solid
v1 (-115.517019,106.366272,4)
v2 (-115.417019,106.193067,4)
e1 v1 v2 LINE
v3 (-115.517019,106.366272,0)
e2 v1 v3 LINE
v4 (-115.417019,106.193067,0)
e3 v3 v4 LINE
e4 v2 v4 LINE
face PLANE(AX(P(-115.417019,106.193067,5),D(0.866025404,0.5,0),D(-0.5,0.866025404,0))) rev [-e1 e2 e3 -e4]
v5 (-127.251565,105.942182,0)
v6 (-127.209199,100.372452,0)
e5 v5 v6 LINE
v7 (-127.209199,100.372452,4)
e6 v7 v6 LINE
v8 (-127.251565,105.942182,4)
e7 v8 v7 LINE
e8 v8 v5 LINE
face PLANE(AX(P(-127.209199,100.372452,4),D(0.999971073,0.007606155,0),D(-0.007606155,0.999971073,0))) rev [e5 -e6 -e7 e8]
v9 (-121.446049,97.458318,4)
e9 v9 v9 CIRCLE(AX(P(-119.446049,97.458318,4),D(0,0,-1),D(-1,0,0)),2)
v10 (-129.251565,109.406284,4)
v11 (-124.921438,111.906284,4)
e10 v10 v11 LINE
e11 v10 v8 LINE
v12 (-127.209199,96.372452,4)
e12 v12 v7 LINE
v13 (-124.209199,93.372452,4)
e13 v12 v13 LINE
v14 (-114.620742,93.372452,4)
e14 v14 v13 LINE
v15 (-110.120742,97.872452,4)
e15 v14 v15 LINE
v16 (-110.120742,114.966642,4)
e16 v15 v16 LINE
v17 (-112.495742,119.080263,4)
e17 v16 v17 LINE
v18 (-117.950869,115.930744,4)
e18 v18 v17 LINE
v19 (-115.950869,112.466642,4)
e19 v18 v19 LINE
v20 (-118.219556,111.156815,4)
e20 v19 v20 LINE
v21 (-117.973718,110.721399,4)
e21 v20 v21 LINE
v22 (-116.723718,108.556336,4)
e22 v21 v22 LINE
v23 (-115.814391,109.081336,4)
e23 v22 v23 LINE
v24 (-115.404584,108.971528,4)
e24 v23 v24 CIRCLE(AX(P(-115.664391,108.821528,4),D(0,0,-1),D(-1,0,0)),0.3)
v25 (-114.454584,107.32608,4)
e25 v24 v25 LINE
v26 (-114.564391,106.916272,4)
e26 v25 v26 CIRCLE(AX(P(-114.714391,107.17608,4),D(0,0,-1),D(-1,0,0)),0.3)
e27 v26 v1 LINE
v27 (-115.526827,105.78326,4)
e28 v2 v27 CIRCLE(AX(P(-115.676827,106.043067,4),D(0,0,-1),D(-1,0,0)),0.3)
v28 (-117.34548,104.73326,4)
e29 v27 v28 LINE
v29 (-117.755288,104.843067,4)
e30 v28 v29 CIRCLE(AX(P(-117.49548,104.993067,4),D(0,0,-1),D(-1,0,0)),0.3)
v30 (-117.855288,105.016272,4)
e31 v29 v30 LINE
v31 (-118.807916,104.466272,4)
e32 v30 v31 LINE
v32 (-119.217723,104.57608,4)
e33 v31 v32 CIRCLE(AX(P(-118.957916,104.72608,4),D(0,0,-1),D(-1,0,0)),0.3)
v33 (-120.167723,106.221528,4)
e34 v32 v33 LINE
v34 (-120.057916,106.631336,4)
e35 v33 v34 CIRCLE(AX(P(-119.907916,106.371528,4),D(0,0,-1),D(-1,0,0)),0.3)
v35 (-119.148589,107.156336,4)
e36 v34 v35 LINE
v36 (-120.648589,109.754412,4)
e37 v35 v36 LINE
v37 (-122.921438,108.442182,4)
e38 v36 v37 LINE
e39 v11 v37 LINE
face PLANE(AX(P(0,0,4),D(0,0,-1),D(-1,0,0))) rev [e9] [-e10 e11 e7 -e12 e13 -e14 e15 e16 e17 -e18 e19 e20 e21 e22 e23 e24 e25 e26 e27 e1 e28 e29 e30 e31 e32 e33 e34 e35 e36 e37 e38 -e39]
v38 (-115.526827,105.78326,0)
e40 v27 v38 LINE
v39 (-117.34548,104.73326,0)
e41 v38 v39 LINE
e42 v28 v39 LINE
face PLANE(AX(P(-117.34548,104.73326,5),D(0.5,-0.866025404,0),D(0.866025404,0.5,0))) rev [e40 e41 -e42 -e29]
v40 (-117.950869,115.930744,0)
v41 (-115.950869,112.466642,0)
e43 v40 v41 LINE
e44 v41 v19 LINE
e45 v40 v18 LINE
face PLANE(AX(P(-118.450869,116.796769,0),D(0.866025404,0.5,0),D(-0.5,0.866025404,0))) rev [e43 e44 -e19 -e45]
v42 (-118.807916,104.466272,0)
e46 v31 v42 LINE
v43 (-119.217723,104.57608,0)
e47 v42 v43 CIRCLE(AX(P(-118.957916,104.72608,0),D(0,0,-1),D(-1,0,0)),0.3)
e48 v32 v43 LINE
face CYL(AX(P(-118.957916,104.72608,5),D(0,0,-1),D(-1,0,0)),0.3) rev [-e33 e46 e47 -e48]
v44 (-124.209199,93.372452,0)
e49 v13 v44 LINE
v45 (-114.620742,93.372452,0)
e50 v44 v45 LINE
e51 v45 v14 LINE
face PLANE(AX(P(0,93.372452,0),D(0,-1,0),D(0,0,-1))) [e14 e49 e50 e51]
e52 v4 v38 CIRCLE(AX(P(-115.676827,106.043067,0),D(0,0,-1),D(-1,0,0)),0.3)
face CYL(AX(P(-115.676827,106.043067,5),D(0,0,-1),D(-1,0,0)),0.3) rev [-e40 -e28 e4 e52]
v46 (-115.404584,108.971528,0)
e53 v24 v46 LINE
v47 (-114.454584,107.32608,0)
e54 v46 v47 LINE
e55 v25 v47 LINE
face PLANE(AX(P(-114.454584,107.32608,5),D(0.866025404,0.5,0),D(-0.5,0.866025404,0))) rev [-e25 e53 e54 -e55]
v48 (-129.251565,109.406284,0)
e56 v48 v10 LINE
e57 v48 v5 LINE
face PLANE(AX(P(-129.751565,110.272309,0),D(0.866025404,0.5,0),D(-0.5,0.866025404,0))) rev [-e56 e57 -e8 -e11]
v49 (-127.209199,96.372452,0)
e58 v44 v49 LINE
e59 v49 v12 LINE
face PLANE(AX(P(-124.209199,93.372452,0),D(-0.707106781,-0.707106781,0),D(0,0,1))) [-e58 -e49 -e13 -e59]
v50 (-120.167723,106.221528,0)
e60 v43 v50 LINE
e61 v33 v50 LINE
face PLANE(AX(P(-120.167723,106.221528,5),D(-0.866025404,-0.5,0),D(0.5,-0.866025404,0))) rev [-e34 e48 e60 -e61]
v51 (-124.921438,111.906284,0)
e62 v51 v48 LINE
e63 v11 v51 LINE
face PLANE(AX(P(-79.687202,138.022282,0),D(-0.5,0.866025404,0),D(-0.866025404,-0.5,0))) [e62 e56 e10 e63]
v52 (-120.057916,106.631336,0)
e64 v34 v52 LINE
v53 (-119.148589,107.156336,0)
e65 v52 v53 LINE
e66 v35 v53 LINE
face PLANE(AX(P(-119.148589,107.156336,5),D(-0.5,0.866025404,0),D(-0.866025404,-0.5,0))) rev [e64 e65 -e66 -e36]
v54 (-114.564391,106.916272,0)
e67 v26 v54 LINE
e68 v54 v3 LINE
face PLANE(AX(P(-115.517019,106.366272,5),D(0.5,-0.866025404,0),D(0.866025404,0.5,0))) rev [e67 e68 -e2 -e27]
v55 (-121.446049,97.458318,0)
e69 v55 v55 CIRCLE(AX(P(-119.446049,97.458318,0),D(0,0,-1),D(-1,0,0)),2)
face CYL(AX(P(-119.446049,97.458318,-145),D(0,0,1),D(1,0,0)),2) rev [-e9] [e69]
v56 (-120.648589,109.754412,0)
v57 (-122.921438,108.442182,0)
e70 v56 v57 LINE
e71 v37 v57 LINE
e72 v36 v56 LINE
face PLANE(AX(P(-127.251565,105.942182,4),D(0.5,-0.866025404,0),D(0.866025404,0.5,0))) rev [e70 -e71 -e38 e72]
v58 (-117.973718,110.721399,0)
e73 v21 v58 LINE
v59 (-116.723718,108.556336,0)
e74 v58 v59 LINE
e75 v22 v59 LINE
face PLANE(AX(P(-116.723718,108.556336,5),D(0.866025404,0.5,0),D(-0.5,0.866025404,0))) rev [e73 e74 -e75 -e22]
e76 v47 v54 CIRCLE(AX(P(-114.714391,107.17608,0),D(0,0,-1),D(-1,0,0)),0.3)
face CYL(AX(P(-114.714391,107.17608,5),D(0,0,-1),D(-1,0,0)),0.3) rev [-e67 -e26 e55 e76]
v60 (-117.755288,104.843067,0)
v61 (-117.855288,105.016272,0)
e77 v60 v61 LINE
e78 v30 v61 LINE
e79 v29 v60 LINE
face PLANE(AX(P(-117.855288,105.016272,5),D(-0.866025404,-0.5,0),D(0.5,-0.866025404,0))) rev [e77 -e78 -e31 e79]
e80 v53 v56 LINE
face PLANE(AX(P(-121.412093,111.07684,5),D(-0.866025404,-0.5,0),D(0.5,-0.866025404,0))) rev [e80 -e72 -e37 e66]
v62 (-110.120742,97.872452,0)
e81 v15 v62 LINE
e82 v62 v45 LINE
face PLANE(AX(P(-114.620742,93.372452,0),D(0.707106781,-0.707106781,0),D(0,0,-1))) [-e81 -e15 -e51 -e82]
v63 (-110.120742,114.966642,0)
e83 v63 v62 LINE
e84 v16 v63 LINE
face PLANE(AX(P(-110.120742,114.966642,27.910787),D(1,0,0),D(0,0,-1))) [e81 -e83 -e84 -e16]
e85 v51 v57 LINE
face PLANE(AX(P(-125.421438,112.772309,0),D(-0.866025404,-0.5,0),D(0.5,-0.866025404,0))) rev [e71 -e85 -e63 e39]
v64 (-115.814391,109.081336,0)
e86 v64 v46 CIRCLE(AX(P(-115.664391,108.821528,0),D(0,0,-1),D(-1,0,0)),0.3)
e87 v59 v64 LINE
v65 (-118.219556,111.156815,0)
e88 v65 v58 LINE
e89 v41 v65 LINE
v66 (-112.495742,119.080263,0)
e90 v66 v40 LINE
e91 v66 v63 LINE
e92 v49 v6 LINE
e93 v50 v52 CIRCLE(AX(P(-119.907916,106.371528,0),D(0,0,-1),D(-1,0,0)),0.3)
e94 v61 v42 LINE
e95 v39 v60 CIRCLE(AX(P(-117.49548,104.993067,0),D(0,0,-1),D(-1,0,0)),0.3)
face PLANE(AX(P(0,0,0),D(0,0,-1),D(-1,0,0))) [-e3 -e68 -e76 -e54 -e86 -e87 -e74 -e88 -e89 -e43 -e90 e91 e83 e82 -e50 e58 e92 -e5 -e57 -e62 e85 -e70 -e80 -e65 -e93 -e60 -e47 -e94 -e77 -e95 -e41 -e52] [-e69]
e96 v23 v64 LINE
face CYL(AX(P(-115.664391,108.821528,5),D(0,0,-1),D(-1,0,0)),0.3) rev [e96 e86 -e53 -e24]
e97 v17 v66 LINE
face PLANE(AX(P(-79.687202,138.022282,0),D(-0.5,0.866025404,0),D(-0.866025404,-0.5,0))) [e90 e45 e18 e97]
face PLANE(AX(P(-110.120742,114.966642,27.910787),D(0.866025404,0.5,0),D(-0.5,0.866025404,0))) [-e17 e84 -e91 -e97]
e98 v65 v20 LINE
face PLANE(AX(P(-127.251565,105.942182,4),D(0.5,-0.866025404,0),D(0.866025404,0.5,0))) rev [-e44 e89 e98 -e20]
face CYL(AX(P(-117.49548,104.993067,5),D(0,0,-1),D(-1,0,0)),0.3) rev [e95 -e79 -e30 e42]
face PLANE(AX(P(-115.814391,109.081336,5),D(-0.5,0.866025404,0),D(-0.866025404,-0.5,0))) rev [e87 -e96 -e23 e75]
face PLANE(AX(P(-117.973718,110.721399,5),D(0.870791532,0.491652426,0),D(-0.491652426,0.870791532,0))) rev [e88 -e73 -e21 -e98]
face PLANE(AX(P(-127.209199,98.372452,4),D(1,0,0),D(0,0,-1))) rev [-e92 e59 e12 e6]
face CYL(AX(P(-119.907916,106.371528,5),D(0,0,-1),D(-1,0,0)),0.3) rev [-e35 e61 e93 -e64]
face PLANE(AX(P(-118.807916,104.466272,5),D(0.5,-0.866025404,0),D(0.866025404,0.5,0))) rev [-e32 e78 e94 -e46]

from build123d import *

# Parameters (mm, degrees)
EXTRUDE_1_DEPTH      = 4
SKETCH_3_W           = 15.588457268
SKETCH_3_H           = 4
EXTRUDE_3_DEPTH      = 2
SKETCH_19_W          = 15.588457268
SKETCH_19_H          = 4
EXTRUDE_5_DEPTH      = 5
SKETCH_4_W           = 5
SKETCH_4_H           = 4
EXTRUDE_6_DEPTH      = 5
SKETCH_22_R          = 2
CUT_EXTRUDE_17_DEPTH = 150
CHAMFER_1_SIZE       = 3
EXTRUDE_7_DEPTH      = 4
SKETCH_27_W          = 5
SKETCH_27_H          = 4
SKETCH_27_W_2        = 6.299038106
CUT_EXTRUDE_19_DEPTH = 1
CUT_EXTRUDE_22_DEPTH = 5


with BuildPart() as part:
    # 草图1 → 凸台-拉伸1 (new body)
    with BuildSketch(Plane.XY):
        Polygon((-111.620742166, 100.372452405), (-127.209199434, 100.372452405), (-127.251564891, 105.942182287), (-111.620742166, 114.966641994), align=None)
    extrude(amount=EXTRUDE_1_DEPTH)

    # 草图3 → 凸台-拉伸3 (add)
    with BuildSketch(Plane.XZ.offset(-100.372452405)):
        with Locations((-119.4149708, 2)):
            Rectangle(SKETCH_3_W, SKETCH_3_H)
    extrude(amount=EXTRUDE_3_DEPTH)

    # 草图19 → 凸台-拉伸5 (add)
    with BuildSketch(Plane.XZ.offset(-98.372452405)):
        with Locations((-119.4149708, 2)):
            Rectangle(SKETCH_19_W, SKETCH_19_H)
    extrude(amount=EXTRUDE_5_DEPTH)

    # 草图4 → 凸台-拉伸6 (add)
    with BuildSketch(Plane(origin=(-77.687201819, 134.558180648, 0), x_dir=(0.8660254037844398, 0.49999999999999806, 0), z_dir=(-0.499999999999998, 0.8660254037844397, 0))):
        with Locations((-54.731996723, -2)):
            Rectangle(SKETCH_4_W, SKETCH_4_H)
        with Locations((-41.683077308, -2)):
            Rectangle(SKETCH_4_W, SKETCH_4_H)
    extrude(amount=EXTRUDE_6_DEPTH)

    # 草图22 → 切除-拉伸17 (cut)
    with BuildSketch(Plane(origin=(0.801824419, -4.558538123, 5), x_dir=(0.9999710727819138, 0.007606155361845765, 0), z_dir=(0, 0, 1))):
        with Locations(Location((-119.468439353, 102.928528754, 0), (0, 0, 179.564195197))):
            Circle(SKETCH_22_R)
    extrude(amount=-CUT_EXTRUDE_17_DEPTH, mode=Mode.SUBTRACT)

    # 倒角1
    chamfer_1_edges = [part.edges().sort_by_distance(p)[0] for p in [
        (-127.209199434, 93.372452405, 2),
        (-111.620742166, 93.372452405, 2),
    ]]
    chamfer(chamfer_1_edges, length=CHAMFER_1_SIZE)

    # 草图25 → 凸台-拉伸7 (add)
    with BuildSketch(Plane(origin=(0, 0, 0), x_dir=(-1, 0, 0), z_dir=(0, 0, -1))):
        Polygon((111.620742166, 96.372452405), (111.620742166, 114.966641994), (114.120742166, 119.296769013), (112.995742166, 119.946288066), (110.120742166, 114.966641994), (110.120742166, 97.872452405), align=None)
    extrude(amount=-EXTRUDE_7_DEPTH)

    # 草图27 → 切除-拉伸19 (cut)
    with BuildSketch(Plane(origin=(-80.187201819, 138.888307667, 0), x_dir=(0.8660254037844395, 0.4999999999999986, 0), z_dir=(-0.4999999999999986, 0.8660254037844395, 0))):
        with Locations((-54.731996723, -2)):
            Rectangle(SKETCH_27_W, SKETCH_27_H)
        with Locations((-41.033558255, -2)):
            Rectangle(SKETCH_27_W_2, SKETCH_27_H)
    extrude(amount=-CUT_EXTRUDE_19_DEPTH, mode=Mode.SUBTRACT)

    # 草图30 → 切除-拉伸22 (cut)
    with BuildSketch(Plane(origin=(0.801824419, -4.558538123, 0), x_dir=(-0.9999710727819139, -0.007606155361845766, 0), z_dir=(0, 0, -1))):
        with BuildLine():
            Line((116.661773389, 114.005519488), (117.895269421, 116.180028062))
            Line((117.895269421, 116.180028062), (118.865299077, 117.929039916))
            Line((118.865299077, 117.929039916), (121.330841562, 116.561611031))
            Line((121.330841562, 116.561611031), (120.330719024, 114.798512507))
            Line((120.330719024, 114.798512507), (119.097222993, 112.624003932))
            Line((119.097222993, 112.624003932), (120.010516594, 112.105935599))
            ThreePointArc((120.010516594, 112.105935599), (120.15167585, 111.924842132), (120.123438099, 111.696975046))
            Line((120.123438099, 111.696975046), (119.185981115, 110.04434853))
            ThreePointArc((119.185981115, 110.04434853), (119.004887648, 109.903189273), (118.777020562, 109.931427025))
            Line((118.777020562, 109.931427025), (117.82023679, 110.474165279))
            Line((117.82023679, 110.474165279), (117.721557107, 110.300204593))
            ThreePointArc((117.721557107, 110.300204593), (117.54046364, 110.159045336), (117.312596554, 110.187283087))
            Line((117.312596554, 110.187283087), (115.486009352, 111.223419754))
            ThreePointArc((115.486009352, 111.223419754), (115.344850096, 111.404513221), (115.373087847, 111.632380307))
            Line((115.373087847, 111.632380307), (115.471767529, 111.806340993))
            Line((115.471767529, 111.806340993), (114.514983756, 112.349079246))
            ThreePointArc((114.514983756, 112.349079246), (114.3738245, 112.530172713), (114.402062251, 112.758039799))
            Line((114.402062251, 112.758039799), (115.339519235, 114.410666316))
            ThreePointArc((115.339519235, 114.410666316), (115.520612702, 114.551825572), (115.748479788, 114.523587821))
            Line((115.748479788, 114.523587821), (116.661773389, 114.005519488))
        make_face()
    extrude(amount=-CUT_EXTRUDE_22_DEPTH, mode=Mode.SUBTRACT)


solid = part.part
